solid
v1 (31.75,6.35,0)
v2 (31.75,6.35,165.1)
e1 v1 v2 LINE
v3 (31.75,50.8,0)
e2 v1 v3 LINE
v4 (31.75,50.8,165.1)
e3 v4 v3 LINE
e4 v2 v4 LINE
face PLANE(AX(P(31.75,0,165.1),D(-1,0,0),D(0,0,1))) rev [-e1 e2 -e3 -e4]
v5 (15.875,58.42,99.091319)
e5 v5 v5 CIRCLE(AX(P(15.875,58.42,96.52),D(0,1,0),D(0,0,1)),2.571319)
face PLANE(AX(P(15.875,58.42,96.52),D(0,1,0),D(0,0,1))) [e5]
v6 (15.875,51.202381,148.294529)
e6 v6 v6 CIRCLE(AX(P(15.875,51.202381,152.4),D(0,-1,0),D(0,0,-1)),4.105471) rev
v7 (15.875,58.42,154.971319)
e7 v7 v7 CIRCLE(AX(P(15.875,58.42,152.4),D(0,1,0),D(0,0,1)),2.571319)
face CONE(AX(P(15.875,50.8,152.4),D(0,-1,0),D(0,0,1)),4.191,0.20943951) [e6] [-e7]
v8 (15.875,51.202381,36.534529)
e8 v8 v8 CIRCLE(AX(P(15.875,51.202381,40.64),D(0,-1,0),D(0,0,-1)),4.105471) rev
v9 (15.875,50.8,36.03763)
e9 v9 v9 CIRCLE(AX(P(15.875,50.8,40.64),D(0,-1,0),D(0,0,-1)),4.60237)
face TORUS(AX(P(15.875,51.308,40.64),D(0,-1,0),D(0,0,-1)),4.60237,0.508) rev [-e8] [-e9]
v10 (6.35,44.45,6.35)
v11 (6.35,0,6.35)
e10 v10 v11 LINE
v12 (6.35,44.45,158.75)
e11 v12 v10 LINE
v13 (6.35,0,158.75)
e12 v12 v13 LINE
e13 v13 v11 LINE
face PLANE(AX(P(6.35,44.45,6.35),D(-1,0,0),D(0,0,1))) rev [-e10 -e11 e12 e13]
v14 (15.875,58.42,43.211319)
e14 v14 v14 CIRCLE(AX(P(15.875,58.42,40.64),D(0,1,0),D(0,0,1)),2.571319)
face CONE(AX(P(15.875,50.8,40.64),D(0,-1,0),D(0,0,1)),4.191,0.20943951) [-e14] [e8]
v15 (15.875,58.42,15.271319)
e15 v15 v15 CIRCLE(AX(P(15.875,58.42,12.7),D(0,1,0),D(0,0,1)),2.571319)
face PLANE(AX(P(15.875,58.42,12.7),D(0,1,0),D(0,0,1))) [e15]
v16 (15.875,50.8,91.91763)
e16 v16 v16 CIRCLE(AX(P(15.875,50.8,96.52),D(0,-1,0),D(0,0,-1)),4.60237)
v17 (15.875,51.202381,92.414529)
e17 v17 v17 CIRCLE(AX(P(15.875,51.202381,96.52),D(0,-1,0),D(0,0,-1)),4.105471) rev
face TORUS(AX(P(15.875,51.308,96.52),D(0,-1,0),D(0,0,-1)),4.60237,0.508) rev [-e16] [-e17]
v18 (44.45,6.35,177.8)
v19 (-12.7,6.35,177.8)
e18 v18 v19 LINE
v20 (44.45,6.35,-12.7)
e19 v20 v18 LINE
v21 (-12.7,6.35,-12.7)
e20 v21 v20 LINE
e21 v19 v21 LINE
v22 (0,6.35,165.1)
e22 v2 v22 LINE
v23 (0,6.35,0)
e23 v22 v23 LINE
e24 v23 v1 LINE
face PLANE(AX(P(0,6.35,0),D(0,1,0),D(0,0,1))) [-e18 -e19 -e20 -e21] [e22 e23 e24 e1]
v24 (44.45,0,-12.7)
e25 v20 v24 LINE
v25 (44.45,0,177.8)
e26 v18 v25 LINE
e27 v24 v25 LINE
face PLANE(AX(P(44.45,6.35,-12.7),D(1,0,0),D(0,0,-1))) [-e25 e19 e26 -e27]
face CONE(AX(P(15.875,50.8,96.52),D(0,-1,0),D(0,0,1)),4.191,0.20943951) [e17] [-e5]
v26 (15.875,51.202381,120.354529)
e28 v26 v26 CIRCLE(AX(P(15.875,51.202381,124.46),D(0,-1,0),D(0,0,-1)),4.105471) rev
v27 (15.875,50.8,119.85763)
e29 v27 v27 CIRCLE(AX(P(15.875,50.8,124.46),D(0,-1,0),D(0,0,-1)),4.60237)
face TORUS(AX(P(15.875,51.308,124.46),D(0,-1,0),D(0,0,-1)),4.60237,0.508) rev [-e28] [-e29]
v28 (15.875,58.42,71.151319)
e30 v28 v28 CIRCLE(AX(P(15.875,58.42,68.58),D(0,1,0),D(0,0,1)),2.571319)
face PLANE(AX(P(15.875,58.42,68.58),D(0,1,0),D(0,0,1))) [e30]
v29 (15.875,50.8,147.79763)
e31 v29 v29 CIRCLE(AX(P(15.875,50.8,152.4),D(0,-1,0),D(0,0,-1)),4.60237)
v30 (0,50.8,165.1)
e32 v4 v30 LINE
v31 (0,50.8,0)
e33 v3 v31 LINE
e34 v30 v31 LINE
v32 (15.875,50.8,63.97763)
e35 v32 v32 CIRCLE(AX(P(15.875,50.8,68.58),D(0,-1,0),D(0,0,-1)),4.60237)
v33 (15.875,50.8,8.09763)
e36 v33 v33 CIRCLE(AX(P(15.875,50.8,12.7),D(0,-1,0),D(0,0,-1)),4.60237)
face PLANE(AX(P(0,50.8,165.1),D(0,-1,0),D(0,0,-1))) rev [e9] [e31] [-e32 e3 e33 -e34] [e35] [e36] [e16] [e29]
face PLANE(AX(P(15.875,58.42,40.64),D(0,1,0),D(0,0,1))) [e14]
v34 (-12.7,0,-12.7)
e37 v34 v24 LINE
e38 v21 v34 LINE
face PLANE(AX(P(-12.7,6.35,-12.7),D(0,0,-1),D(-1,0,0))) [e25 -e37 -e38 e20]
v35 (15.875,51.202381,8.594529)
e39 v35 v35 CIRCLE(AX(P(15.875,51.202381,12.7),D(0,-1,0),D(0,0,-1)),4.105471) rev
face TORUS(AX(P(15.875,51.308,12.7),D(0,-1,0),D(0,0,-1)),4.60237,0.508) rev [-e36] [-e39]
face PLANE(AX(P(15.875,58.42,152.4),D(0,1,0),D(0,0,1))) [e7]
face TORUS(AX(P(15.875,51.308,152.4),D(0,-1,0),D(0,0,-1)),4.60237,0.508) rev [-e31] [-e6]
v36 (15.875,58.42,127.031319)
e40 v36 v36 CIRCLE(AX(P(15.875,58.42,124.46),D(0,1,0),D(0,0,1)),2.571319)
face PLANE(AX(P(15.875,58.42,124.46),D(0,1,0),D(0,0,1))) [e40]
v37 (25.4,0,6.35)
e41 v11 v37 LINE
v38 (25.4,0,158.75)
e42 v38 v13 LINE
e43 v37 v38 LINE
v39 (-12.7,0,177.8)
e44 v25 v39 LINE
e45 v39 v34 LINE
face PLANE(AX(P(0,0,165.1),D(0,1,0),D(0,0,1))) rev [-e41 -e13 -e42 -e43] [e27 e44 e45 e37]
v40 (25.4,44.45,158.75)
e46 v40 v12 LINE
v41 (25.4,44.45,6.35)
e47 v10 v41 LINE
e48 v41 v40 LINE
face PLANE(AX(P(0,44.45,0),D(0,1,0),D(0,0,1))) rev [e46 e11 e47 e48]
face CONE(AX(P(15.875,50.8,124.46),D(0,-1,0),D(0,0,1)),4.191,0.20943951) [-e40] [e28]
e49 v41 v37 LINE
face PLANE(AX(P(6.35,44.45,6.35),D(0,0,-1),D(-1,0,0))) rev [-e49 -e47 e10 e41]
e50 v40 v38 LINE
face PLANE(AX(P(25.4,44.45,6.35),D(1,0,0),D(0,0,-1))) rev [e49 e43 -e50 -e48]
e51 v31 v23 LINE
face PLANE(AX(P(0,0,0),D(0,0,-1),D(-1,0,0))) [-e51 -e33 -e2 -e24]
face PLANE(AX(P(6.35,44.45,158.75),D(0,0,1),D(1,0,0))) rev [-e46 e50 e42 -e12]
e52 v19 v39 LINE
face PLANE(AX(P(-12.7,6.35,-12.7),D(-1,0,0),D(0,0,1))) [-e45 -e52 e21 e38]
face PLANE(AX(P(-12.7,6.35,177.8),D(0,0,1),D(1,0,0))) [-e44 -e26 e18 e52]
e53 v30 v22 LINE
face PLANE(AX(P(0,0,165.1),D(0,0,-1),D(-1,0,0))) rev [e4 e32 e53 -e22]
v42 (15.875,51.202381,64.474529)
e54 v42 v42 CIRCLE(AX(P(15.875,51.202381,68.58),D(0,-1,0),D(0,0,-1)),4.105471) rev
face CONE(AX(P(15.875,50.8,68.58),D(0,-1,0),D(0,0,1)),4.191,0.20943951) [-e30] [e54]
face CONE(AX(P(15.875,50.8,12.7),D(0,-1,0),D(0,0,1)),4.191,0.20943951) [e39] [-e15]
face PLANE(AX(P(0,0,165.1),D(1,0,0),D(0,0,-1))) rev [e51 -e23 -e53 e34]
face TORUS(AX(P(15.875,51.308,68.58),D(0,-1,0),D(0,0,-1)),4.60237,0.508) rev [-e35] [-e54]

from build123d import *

# Parameters (mm, degrees)
SKETCH1_W                     = 31.75
SKETCH1_H                     = 50.8
BOSS_EXTRUDE1_DEPTH           = 165.1
SKETCH2_R                     = 4.191
BOSS_EXTRUDE2_DEPTH           = 7.62
BOSS_EXTRUDE2_DRAFT           = 12
BOSS_EXTRUDE2_PROFILE_2_DEPTH = 7.62
BOSS_EXTRUDE2_PROFILE_2_DRAFT = 12
BOSS_EXTRUDE2_PROFILE_3_DEPTH = 7.62
BOSS_EXTRUDE2_PROFILE_3_DRAFT = 12
BOSS_EXTRUDE2_PROFILE_4_DEPTH = 7.62
BOSS_EXTRUDE2_PROFILE_4_DRAFT = 12
BOSS_EXTRUDE2_PROFILE_5_DEPTH = 7.62
BOSS_EXTRUDE2_PROFILE_5_DRAFT = 12
BOSS_EXTRUDE2_PROFILE_6_DEPTH = 7.62
BOSS_EXTRUDE2_PROFILE_6_DRAFT = 12
FILLET2_R                     = 0.508
SKETCH3_W                     = 19.05
SKETCH3_H                     = 152.4
CUT_EXTRUDE1_DEPTH            = 44.45
SKETCH4_W                     = 57.15
SKETCH4_H                     = 190.5
SKETCH4_W_2                   = 31.75
SKETCH4_H_2                   = 165.1
BOSS_EXTRUDE3_DEPTH           = 6.35


with BuildPart() as part:
    # Sketch1 → Boss-Extrude1 (new body)
    with BuildSketch(Plane.XY):
        with Locations((15.875, 25.4)):
            Rectangle(SKETCH1_W, SKETCH1_H)
    extrude(amount=BOSS_EXTRUDE1_DEPTH)


with BuildPart() as boss_extrude2_tool:
    # Sketch2 → Boss-Extrude2 (with draft: the straight prism first)
    with BuildSketch(Plane(origin=(0, 50.8, 0), x_dir=(1, 0, 0), z_dir=(0, 1, 0))):
        with Locations((15.875, -12.7)):
            Circle(SKETCH2_R)
    extrude(amount=BOSS_EXTRUDE2_DEPTH)
    # Boss-Extrude2: the draft: its side faces are tilted about the plane it starts from
    boss_extrude2_sides = [boss_extrude2_tool.faces().sort_by_distance(p)[0] for p in [
        (11.684, 54.61, 12.7),
    ]]
    draft(boss_extrude2_sides, Plane(origin=(0, 50.8, 0), x_dir=(1, 0, 0), z_dir=(0, 1, 0)), BOSS_EXTRUDE2_DRAFT)


with BuildPart() as part_1:
    add(part.part)

    # Boss-Extrude2: add boss_extrude2_tool
    add(boss_extrude2_tool.part)


with BuildPart() as boss_extrude2_profile_2_tool:
    # Sketch2 → Boss-Extrude2 profile 2 (with draft: the straight prism first)
    with BuildSketch(Plane(origin=(0, 50.8, 0), x_dir=(1, 0, 0), z_dir=(0, 1, 0))):
        with Locations((15.875, -40.64)):
            Circle(SKETCH2_R)
    extrude(amount=BOSS_EXTRUDE2_PROFILE_2_DEPTH)
    # Boss-Extrude2 profile 2: the draft: its side faces are tilted about the plane it starts from
    boss_extrude2_profile_2_sides = [boss_extrude2_profile_2_tool.faces().sort_by_distance(p)[0] for p in [
        (11.684, 54.61, 40.64),
    ]]
    draft(boss_extrude2_profile_2_sides, Plane(origin=(0, 50.8, 0), x_dir=(1, 0, 0), z_dir=(0, 1, 0)), BOSS_EXTRUDE2_PROFILE_2_DRAFT)


with BuildPart() as part_2:
    add(part_1.part)

    # Boss-Extrude2 profile 2: add boss_extrude2_profile_2_tool
    add(boss_extrude2_profile_2_tool.part)


with BuildPart() as boss_extrude2_profile_3_tool:
    # Sketch2 → Boss-Extrude2 profile 3 (with draft: the straight prism first)
    with BuildSketch(Plane(origin=(0, 50.8, 0), x_dir=(1, 0, 0), z_dir=(0, 1, 0))):
        with Locations((15.875, -68.58)):
            Circle(SKETCH2_R)
    extrude(amount=BOSS_EXTRUDE2_PROFILE_3_DEPTH)
    # Boss-Extrude2 profile 3: the draft: its side faces are tilted about the plane it starts from
    boss_extrude2_profile_3_sides = [boss_extrude2_profile_3_tool.faces().sort_by_distance(p)[0] for p in [
        (11.684, 54.61, 68.58),
    ]]
    draft(boss_extrude2_profile_3_sides, Plane(origin=(0, 50.8, 0), x_dir=(1, 0, 0), z_dir=(0, 1, 0)), BOSS_EXTRUDE2_PROFILE_3_DRAFT)


with BuildPart() as part_3:
    add(part_2.part)

    # Boss-Extrude2 profile 3: add boss_extrude2_profile_3_tool
    add(boss_extrude2_profile_3_tool.part)


with BuildPart() as boss_extrude2_profile_4_tool:
    # Sketch2 → Boss-Extrude2 profile 4 (with draft: the straight prism first)
    with BuildSketch(Plane(origin=(0, 50.8, 0), x_dir=(1, 0, 0), z_dir=(0, 1, 0))):
        with Locations((15.875, -96.52)):
            Circle(SKETCH2_R)
    extrude(amount=BOSS_EXTRUDE2_PROFILE_4_DEPTH)
    # Boss-Extrude2 profile 4: the draft: its side faces are tilted about the plane it starts from
    boss_extrude2_profile_4_sides = [boss_extrude2_profile_4_tool.faces().sort_by_distance(p)[0] for p in [
        (11.684, 54.61, 96.52),
    ]]
    draft(boss_extrude2_profile_4_sides, Plane(origin=(0, 50.8, 0), x_dir=(1, 0, 0), z_dir=(0, 1, 0)), BOSS_EXTRUDE2_PROFILE_4_DRAFT)


with BuildPart() as part_4:
    add(part_3.part)

    # Boss-Extrude2 profile 4: add boss_extrude2_profile_4_tool
    add(boss_extrude2_profile_4_tool.part)


with BuildPart() as boss_extrude2_profile_5_tool:
    # Sketch2 → Boss-Extrude2 profile 5 (with draft: the straight prism first)
    with BuildSketch(Plane(origin=(0, 50.8, 0), x_dir=(1, 0, 0), z_dir=(0, 1, 0))):
        with Locations((15.875, -124.46)):
            Circle(SKETCH2_R)
    extrude(amount=BOSS_EXTRUDE2_PROFILE_5_DEPTH)
    # Boss-Extrude2 profile 5: the draft: its side faces are tilted about the plane it starts from
    boss_extrude2_profile_5_sides = [boss_extrude2_profile_5_tool.faces().sort_by_distance(p)[0] for p in [
        (11.684, 54.61, 124.46),
    ]]
    draft(boss_extrude2_profile_5_sides, Plane(origin=(0, 50.8, 0), x_dir=(1, 0, 0), z_dir=(0, 1, 0)), BOSS_EXTRUDE2_PROFILE_5_DRAFT)


with BuildPart() as part_5:
    add(part_4.part)

    # Boss-Extrude2 profile 5: add boss_extrude2_profile_5_tool
    add(boss_extrude2_profile_5_tool.part)


with BuildPart() as boss_extrude2_profile_6_tool:
    # Sketch2 → Boss-Extrude2 profile 6 (with draft: the straight prism first)
    with BuildSketch(Plane(origin=(0, 50.8, 0), x_dir=(1, 0, 0), z_dir=(0, 1, 0))):
        with Locations((15.875, -152.4)):
            Circle(SKETCH2_R)
    extrude(amount=BOSS_EXTRUDE2_PROFILE_6_DEPTH)
    # Boss-Extrude2 profile 6: the draft: its side faces are tilted about the plane it starts from
    boss_extrude2_profile_6_sides = [boss_extrude2_profile_6_tool.faces().sort_by_distance(p)[0] for p in [
        (11.684, 54.61, 152.4),
    ]]
    draft(boss_extrude2_profile_6_sides, Plane(origin=(0, 50.8, 0), x_dir=(1, 0, 0), z_dir=(0, 1, 0)), BOSS_EXTRUDE2_PROFILE_6_DRAFT)


with BuildPart() as part_6:
    add(part_5.part)

    # Boss-Extrude2 profile 6: add boss_extrude2_profile_6_tool
    add(boss_extrude2_profile_6_tool.part)

    # Fillet2
    fillet2_edges = [part_6.edges().sort_by_distance(p)[0] for p in [
        (11.684, 50.8, 12.7),
        (11.684, 50.8, 40.64),
        (11.684, 50.8, 68.58),
        (11.684, 50.8, 96.52),
        (11.684, 50.8, 124.46),
        (11.684, 50.8, 152.4),
    ]]
    fillet(fillet2_edges, radius=FILLET2_R)

    # Sketch3 → Cut-Extrude1 (cut)
    with BuildSketch(Plane(origin=(0, 0, 0), x_dir=(-1, 0, 0), z_dir=(0, -1, 0))):
        with Locations((-15.875, -82.55)):
            Rectangle(SKETCH3_W, SKETCH3_H)
    extrude(amount=-CUT_EXTRUDE1_DEPTH, mode=Mode.SUBTRACT)

    # Sketch4 → Boss-Extrude3 (add)
    with BuildSketch(Plane(origin=(0, 0, 0), x_dir=(-1, 0, 0), z_dir=(0, -1, 0))):
        with Locations((-15.875, -82.55)):
            Rectangle(SKETCH4_W, SKETCH4_H)
        with Locations((-15.875, -82.55)):
            Rectangle(SKETCH4_W_2, SKETCH4_H_2, mode=Mode.SUBTRACT)
    extrude(amount=-BOSS_EXTRUDE3_DEPTH)


solid = part_6.part
